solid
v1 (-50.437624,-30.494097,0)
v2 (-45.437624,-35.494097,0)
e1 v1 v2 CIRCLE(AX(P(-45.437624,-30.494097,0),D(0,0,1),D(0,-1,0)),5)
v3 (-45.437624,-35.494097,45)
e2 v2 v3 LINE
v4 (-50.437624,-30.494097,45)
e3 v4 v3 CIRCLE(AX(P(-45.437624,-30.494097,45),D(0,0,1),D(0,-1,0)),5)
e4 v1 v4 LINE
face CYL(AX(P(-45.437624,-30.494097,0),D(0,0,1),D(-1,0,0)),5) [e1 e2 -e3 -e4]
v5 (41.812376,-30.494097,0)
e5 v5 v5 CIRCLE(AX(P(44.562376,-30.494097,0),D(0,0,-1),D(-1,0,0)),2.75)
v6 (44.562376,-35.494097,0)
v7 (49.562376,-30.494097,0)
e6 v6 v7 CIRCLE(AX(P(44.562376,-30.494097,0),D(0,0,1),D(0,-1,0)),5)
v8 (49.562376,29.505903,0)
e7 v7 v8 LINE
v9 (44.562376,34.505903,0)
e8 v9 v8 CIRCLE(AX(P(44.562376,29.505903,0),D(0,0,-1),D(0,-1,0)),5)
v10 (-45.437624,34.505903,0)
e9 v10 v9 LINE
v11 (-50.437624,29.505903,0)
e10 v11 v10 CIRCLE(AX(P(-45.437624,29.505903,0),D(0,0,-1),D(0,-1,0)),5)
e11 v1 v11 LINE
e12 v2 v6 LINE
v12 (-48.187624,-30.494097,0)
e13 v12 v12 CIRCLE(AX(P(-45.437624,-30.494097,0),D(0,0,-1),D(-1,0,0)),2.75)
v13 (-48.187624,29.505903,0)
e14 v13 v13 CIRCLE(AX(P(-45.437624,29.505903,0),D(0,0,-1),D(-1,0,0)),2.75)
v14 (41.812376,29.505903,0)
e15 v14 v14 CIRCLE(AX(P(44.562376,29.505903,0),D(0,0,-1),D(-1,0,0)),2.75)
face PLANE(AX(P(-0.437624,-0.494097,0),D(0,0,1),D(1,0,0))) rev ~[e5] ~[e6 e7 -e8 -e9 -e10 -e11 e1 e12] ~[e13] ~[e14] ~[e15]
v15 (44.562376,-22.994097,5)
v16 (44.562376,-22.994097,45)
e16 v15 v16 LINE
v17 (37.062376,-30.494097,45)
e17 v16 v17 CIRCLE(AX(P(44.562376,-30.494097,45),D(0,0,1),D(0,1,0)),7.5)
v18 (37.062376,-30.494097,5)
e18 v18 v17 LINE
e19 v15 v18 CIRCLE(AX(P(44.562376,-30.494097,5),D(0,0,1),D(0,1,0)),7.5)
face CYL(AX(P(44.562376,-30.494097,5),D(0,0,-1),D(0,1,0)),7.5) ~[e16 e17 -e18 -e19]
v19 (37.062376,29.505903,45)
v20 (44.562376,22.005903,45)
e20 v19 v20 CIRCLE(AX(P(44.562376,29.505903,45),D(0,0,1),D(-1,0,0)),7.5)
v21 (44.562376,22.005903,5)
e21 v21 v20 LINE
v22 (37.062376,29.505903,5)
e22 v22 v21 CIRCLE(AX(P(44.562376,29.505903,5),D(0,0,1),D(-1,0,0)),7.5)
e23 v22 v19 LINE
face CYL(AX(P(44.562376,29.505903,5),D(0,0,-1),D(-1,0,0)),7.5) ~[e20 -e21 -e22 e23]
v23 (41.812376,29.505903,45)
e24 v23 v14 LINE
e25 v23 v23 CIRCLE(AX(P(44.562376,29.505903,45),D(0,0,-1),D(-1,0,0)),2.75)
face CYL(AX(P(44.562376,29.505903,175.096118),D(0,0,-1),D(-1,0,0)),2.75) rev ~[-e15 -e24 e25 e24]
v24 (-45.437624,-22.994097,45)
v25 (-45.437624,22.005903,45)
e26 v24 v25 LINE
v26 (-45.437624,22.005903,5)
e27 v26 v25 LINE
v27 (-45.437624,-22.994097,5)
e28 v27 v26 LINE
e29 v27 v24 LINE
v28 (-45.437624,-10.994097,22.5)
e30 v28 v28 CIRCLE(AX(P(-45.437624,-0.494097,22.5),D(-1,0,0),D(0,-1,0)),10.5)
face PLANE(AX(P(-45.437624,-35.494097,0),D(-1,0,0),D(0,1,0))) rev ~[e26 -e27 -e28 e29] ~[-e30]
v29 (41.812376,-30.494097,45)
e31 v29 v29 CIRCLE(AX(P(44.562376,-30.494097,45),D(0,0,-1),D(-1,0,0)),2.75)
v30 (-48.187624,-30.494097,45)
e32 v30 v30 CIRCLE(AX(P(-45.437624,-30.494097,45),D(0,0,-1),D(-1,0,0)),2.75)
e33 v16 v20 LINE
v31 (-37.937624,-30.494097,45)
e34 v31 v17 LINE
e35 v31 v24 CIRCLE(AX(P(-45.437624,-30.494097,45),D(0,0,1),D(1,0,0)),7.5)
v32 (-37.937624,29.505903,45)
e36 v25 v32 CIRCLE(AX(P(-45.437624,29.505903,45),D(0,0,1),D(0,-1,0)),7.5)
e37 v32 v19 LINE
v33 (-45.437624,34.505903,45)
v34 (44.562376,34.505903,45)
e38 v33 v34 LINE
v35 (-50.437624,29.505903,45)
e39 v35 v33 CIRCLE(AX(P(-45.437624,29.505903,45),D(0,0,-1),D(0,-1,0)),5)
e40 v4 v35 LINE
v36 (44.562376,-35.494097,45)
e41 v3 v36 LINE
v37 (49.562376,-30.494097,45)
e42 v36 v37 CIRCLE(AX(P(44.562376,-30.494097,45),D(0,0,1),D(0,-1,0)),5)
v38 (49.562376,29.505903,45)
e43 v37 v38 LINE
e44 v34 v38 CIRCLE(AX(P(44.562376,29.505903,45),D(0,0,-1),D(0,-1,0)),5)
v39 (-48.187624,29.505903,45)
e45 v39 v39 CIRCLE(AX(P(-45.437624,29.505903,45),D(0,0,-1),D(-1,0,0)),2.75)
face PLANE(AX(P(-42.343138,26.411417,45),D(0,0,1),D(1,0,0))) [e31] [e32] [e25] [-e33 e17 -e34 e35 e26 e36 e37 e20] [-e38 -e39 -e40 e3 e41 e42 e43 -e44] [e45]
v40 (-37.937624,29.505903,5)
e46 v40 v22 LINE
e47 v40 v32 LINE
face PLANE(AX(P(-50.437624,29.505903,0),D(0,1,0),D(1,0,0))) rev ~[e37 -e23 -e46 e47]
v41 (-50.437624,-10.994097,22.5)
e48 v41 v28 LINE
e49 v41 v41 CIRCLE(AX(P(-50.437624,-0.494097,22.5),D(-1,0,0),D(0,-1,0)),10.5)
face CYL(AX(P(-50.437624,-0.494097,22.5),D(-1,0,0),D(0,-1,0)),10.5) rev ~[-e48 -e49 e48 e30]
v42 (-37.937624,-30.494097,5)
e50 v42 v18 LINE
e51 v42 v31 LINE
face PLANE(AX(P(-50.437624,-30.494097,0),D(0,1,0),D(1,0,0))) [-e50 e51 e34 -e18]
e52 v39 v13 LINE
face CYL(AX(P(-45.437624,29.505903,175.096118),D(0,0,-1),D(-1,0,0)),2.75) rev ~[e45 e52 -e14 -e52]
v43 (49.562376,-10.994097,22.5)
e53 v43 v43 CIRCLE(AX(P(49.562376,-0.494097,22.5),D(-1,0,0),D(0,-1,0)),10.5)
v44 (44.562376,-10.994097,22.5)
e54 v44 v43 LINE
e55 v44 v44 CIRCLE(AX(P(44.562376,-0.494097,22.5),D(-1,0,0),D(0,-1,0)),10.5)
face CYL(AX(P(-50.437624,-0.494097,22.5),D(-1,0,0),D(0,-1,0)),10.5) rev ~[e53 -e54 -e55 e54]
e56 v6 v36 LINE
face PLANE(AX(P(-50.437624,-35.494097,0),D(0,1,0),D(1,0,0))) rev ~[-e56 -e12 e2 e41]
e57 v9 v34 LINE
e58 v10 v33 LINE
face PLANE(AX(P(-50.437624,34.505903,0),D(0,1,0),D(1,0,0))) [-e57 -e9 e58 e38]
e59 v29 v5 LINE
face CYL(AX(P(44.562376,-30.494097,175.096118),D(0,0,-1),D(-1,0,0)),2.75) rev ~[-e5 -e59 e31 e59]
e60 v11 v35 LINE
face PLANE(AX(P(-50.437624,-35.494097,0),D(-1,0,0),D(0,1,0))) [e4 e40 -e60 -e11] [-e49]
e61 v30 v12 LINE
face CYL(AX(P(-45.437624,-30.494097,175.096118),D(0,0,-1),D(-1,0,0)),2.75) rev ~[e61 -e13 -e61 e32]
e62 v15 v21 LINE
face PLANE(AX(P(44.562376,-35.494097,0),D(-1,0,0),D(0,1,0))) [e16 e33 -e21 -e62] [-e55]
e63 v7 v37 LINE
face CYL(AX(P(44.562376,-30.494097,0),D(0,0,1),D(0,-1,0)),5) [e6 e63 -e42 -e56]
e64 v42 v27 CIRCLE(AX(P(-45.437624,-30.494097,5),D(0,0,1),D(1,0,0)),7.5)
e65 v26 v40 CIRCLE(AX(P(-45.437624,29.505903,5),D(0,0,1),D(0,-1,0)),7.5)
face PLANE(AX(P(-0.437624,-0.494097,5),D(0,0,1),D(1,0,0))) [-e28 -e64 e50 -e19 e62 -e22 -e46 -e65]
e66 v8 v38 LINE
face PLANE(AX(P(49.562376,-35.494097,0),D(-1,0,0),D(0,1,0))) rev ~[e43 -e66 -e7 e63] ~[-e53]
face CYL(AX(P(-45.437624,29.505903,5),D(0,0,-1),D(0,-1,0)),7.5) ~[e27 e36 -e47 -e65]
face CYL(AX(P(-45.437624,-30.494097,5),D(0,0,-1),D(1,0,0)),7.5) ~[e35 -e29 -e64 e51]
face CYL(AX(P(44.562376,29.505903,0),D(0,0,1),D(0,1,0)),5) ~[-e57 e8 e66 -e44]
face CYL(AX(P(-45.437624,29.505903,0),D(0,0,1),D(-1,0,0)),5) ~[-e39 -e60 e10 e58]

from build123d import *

# Parameters (mm, degrees)
F0_W     = 100
F0_H     = 70
F1_DEPTH = 45
F2_T     = -5
F4_DEPTH = 40
F6_D     = 5.5
F7_R     = 10.5
F8_DEPTH = 100.001
F10_R    = 5


with BuildPart() as f1:
    # F0 (on Top) → F1 (new body)
    with BuildSketch(Plane.XY):
        with Locations((-0.4376240075, -0.4940965772)):
            Rectangle(F0_W, F0_H)
    extrude(amount=F1_DEPTH)

    # F2
    f2_openings = [f1.faces().sort_by_distance(p)[0] for p in [
        (-0.437624, -0.494097, 45),
    ]]
    offset(amount=F2_T, openings=f2_openings)

    # F3 (on face) → F4 (join, through all)
    with BuildSketch(Plane.XY.offset(5)):
        with BuildLine():
            ThreePointArc((-45.4376240075, 22.0059034228), (-40.1343231486, 24.2026025639), (-37.9376240075, 29.5059034228))
            Line((-37.9376240075, 29.5059034228), (-45.4376240075, 29.5059034228))
            Line((-45.4376240075, 29.5059034228), (-45.4376240075, 22.0059034228))
        make_face()
        with BuildLine():
            ThreePointArc((-37.9376240075, -30.4940965772), (-40.1343231486, -25.1907957183), (-45.4376240075, -22.9940965772))
            Line((-45.4376240075, -22.9940965772), (-45.4376240075, -30.4940965772))
            Line((-45.4376240075, -30.4940965772), (-37.9376240075, -30.4940965772))
        make_face()
        with BuildLine():
            Line((44.5623759925, 29.5059034228), (37.0623759925, 29.5059034228))
            ThreePointArc((37.0623759925, 29.5059034228), (39.2590751336, 24.2026025639), (44.5623759925, 22.0059034228))
            Line((44.5623759925, 22.0059034228), (44.5623759925, 29.5059034228))
        make_face()
        with BuildLine():
            Line((44.5623759925, -30.4940965772), (44.5623759925, -22.9940965772))
            ThreePointArc((44.5623759925, -22.9940965772), (39.2590751336, -25.1907957183), (37.0623759925, -30.4940965772))
            Line((37.0623759925, -30.4940965772), (44.5623759925, -30.4940965772))
        make_face()
    extrude(amount=F4_DEPTH)

    # F6 (through all)
    with Locations(Plane.XY.offset(45)):
        with Locations((44.5623759925, 29.5059034228), (44.5623759925, -30.4940965772), (-45.4376240075, -30.4940965772), (-45.4376240075, 29.5059034228)):
            Hole(F6_D / 2)

    # F7 (on face) → F8 (cut, through all)
    with BuildSketch(Plane(origin=(-50.4376240075, 0, 0), x_dir=(0, -1, 0), z_dir=(-1, 0, 0))):
        with Locations((0.4940965772, 22.5)):
            Circle(F7_R)
    extrude(amount=-F8_DEPTH, mode=Mode.SUBTRACT)

    # F10
    f10_edges = [f1.edges().sort_by_distance(p)[0] for p in [
        (-50.437624, 34.505903, 22.5),
        (49.562376, 34.505903, 22.5),
        (-50.437624, -35.494097, 22.5),
        (49.562376, -35.494097, 22.5),
    ]]
    fillet(f10_edges, radius=F10_R)


solid = f1.part
